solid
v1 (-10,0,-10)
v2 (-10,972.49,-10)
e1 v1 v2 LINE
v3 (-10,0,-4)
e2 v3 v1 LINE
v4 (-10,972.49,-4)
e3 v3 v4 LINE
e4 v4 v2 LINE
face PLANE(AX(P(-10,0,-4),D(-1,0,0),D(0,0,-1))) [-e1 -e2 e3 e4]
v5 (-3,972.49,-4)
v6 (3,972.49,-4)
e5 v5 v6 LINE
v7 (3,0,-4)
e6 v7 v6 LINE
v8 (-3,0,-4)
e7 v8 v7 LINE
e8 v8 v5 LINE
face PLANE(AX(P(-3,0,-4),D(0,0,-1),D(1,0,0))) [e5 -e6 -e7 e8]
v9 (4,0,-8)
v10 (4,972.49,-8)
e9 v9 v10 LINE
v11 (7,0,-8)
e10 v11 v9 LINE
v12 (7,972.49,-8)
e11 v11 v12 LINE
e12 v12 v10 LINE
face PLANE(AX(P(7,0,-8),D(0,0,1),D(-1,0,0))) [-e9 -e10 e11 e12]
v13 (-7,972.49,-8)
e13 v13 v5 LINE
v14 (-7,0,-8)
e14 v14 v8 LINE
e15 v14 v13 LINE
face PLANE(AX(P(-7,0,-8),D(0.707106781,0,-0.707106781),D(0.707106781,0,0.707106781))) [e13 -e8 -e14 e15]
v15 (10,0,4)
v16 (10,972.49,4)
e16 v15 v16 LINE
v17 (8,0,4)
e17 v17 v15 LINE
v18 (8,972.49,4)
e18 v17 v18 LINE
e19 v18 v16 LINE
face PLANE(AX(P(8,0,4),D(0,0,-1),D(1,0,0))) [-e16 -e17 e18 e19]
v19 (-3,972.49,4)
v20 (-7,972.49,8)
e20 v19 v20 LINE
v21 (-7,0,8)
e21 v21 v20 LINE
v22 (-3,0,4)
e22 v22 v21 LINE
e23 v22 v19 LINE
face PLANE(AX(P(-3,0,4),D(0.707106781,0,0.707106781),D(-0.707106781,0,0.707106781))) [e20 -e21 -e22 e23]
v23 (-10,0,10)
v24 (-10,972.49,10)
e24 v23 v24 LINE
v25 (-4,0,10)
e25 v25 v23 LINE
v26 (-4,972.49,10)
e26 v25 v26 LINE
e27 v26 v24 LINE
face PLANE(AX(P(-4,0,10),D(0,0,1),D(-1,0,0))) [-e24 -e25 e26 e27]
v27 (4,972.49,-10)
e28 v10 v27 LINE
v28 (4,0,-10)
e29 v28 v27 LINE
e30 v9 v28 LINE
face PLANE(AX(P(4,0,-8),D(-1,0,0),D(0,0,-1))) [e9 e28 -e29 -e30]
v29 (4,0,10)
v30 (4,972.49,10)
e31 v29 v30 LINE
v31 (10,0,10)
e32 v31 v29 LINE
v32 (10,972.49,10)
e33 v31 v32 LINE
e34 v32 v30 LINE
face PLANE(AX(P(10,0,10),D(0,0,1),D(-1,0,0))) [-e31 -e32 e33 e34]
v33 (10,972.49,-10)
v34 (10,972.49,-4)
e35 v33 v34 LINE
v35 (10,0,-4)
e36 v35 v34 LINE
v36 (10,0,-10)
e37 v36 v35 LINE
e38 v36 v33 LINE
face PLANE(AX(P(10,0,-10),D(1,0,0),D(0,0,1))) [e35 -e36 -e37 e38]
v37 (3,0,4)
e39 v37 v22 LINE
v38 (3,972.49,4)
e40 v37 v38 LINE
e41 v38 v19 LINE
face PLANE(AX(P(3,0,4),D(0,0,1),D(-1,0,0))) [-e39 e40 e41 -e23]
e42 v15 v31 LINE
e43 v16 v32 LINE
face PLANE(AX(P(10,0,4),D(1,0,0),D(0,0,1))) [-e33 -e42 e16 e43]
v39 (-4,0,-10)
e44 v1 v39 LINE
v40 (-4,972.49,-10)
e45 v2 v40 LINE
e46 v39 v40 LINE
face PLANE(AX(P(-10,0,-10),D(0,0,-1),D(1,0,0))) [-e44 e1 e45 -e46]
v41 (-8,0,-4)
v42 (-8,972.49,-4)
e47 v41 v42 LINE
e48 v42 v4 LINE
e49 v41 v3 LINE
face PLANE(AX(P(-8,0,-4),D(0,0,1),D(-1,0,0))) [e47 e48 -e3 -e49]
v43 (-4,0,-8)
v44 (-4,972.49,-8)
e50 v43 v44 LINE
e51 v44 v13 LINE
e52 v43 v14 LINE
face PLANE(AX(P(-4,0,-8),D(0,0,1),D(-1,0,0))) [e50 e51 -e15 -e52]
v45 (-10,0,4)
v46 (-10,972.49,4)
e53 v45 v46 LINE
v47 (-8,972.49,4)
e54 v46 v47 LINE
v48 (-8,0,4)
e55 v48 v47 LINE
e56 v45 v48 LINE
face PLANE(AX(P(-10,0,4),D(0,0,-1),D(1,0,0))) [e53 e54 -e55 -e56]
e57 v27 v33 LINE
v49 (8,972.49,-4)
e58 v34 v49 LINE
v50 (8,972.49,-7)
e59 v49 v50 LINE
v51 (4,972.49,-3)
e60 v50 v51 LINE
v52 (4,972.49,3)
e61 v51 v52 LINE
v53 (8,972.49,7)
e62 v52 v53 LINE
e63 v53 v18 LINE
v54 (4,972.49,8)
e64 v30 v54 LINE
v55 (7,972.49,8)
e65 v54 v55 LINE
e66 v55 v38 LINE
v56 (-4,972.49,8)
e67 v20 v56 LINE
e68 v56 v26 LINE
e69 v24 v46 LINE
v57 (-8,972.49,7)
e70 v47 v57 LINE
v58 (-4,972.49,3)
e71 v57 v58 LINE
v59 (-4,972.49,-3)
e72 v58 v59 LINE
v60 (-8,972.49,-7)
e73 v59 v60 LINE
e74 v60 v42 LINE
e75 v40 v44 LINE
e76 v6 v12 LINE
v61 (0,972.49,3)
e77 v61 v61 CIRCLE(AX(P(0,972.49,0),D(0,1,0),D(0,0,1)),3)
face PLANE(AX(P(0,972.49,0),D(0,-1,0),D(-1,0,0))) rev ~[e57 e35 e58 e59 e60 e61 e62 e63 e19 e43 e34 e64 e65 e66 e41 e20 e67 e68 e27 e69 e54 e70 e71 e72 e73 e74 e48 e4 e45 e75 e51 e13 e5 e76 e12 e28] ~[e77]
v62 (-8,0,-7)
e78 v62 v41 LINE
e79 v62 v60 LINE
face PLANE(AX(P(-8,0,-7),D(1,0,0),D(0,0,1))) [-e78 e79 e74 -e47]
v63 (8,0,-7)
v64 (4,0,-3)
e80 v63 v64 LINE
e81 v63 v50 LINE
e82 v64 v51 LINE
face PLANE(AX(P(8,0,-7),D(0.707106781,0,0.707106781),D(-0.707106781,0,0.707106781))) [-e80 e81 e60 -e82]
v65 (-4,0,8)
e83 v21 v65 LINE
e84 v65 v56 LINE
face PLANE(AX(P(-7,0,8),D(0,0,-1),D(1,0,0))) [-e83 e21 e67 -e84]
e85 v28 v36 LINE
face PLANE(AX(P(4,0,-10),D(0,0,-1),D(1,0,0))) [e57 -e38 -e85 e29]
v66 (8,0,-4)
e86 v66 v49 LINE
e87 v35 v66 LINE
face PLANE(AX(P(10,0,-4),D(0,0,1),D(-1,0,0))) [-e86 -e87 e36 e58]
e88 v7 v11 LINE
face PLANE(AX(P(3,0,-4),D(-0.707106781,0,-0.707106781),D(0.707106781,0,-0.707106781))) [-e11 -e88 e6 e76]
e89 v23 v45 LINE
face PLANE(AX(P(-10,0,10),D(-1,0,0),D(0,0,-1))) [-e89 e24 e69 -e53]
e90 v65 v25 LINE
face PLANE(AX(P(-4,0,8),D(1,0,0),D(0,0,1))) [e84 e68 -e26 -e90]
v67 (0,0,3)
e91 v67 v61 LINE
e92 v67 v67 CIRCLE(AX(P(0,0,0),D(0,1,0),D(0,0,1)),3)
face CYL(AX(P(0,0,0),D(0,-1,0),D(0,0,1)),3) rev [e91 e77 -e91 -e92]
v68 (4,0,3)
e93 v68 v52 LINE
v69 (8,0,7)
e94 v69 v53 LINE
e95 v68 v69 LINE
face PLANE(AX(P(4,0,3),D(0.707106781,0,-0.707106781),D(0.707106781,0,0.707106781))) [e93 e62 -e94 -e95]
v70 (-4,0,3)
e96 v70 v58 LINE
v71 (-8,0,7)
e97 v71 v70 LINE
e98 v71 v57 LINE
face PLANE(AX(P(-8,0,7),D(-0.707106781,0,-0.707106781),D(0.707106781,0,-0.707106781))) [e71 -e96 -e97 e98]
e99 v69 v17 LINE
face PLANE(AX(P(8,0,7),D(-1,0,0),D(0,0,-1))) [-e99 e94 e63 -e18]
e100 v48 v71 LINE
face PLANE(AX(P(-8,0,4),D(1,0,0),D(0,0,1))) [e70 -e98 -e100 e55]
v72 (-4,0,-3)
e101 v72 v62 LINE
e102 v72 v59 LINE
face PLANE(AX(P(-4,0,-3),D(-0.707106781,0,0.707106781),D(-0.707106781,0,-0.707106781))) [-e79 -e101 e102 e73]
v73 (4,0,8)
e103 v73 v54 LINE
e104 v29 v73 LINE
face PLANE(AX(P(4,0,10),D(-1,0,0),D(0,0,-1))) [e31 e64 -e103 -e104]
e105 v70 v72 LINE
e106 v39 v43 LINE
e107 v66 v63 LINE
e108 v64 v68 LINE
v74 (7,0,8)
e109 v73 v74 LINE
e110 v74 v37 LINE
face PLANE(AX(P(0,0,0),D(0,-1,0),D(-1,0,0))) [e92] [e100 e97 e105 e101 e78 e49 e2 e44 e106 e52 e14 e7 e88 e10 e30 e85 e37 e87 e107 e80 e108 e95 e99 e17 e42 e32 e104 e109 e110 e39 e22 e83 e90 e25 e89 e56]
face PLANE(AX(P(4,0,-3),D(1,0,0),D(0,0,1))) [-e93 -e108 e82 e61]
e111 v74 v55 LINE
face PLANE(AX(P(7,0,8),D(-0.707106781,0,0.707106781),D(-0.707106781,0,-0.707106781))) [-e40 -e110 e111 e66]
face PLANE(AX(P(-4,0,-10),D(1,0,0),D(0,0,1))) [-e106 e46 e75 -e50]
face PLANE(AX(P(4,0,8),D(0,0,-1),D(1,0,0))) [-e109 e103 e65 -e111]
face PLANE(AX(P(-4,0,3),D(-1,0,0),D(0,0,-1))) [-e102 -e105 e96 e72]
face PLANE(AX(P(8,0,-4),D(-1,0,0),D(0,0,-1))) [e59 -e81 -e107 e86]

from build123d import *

# Parameters (mm, degrees)
F_2020_SKETCH_R     = 3
BOSS_EXTRUDE1_DEPTH = 972.49


with BuildPart() as part:
    # 2020 sketch → Boss-Extrude1 (new body)
    with BuildSketch(Plane(origin=(0, 0, 0), x_dir=(1, 0, 0), z_dir=(0, 1, 0))):
        Polygon((-4, 10), (-4, 8), (-7, 8), (-3, 4), (3, 4), (7, 8), (4, 8), (4, 10), (10, 10), (10, 4), (8, 4), (8, 7), (4, 3), (4, -3), (8, -7), (8, -4), (10, -4), (10, -10), (4, -10), (4, -8), (7, -8), (3, -4), (-3, -4), (-7, -8), (-4, -8), (-4, -10), (-10, -10), (-10, -4), (-8, -4), (-8, -7), (-4, -3), (-4, 3), (-8, 7), (-8, 4), (-10, 4), (-10, 10), align=None)
        with Locations(Location((0, 0, 0), (0, 0, 270))):
            Circle(F_2020_SKETCH_R, mode=Mode.SUBTRACT)
    extrude(amount=BOSS_EXTRUDE1_DEPTH)


solid = part.part
